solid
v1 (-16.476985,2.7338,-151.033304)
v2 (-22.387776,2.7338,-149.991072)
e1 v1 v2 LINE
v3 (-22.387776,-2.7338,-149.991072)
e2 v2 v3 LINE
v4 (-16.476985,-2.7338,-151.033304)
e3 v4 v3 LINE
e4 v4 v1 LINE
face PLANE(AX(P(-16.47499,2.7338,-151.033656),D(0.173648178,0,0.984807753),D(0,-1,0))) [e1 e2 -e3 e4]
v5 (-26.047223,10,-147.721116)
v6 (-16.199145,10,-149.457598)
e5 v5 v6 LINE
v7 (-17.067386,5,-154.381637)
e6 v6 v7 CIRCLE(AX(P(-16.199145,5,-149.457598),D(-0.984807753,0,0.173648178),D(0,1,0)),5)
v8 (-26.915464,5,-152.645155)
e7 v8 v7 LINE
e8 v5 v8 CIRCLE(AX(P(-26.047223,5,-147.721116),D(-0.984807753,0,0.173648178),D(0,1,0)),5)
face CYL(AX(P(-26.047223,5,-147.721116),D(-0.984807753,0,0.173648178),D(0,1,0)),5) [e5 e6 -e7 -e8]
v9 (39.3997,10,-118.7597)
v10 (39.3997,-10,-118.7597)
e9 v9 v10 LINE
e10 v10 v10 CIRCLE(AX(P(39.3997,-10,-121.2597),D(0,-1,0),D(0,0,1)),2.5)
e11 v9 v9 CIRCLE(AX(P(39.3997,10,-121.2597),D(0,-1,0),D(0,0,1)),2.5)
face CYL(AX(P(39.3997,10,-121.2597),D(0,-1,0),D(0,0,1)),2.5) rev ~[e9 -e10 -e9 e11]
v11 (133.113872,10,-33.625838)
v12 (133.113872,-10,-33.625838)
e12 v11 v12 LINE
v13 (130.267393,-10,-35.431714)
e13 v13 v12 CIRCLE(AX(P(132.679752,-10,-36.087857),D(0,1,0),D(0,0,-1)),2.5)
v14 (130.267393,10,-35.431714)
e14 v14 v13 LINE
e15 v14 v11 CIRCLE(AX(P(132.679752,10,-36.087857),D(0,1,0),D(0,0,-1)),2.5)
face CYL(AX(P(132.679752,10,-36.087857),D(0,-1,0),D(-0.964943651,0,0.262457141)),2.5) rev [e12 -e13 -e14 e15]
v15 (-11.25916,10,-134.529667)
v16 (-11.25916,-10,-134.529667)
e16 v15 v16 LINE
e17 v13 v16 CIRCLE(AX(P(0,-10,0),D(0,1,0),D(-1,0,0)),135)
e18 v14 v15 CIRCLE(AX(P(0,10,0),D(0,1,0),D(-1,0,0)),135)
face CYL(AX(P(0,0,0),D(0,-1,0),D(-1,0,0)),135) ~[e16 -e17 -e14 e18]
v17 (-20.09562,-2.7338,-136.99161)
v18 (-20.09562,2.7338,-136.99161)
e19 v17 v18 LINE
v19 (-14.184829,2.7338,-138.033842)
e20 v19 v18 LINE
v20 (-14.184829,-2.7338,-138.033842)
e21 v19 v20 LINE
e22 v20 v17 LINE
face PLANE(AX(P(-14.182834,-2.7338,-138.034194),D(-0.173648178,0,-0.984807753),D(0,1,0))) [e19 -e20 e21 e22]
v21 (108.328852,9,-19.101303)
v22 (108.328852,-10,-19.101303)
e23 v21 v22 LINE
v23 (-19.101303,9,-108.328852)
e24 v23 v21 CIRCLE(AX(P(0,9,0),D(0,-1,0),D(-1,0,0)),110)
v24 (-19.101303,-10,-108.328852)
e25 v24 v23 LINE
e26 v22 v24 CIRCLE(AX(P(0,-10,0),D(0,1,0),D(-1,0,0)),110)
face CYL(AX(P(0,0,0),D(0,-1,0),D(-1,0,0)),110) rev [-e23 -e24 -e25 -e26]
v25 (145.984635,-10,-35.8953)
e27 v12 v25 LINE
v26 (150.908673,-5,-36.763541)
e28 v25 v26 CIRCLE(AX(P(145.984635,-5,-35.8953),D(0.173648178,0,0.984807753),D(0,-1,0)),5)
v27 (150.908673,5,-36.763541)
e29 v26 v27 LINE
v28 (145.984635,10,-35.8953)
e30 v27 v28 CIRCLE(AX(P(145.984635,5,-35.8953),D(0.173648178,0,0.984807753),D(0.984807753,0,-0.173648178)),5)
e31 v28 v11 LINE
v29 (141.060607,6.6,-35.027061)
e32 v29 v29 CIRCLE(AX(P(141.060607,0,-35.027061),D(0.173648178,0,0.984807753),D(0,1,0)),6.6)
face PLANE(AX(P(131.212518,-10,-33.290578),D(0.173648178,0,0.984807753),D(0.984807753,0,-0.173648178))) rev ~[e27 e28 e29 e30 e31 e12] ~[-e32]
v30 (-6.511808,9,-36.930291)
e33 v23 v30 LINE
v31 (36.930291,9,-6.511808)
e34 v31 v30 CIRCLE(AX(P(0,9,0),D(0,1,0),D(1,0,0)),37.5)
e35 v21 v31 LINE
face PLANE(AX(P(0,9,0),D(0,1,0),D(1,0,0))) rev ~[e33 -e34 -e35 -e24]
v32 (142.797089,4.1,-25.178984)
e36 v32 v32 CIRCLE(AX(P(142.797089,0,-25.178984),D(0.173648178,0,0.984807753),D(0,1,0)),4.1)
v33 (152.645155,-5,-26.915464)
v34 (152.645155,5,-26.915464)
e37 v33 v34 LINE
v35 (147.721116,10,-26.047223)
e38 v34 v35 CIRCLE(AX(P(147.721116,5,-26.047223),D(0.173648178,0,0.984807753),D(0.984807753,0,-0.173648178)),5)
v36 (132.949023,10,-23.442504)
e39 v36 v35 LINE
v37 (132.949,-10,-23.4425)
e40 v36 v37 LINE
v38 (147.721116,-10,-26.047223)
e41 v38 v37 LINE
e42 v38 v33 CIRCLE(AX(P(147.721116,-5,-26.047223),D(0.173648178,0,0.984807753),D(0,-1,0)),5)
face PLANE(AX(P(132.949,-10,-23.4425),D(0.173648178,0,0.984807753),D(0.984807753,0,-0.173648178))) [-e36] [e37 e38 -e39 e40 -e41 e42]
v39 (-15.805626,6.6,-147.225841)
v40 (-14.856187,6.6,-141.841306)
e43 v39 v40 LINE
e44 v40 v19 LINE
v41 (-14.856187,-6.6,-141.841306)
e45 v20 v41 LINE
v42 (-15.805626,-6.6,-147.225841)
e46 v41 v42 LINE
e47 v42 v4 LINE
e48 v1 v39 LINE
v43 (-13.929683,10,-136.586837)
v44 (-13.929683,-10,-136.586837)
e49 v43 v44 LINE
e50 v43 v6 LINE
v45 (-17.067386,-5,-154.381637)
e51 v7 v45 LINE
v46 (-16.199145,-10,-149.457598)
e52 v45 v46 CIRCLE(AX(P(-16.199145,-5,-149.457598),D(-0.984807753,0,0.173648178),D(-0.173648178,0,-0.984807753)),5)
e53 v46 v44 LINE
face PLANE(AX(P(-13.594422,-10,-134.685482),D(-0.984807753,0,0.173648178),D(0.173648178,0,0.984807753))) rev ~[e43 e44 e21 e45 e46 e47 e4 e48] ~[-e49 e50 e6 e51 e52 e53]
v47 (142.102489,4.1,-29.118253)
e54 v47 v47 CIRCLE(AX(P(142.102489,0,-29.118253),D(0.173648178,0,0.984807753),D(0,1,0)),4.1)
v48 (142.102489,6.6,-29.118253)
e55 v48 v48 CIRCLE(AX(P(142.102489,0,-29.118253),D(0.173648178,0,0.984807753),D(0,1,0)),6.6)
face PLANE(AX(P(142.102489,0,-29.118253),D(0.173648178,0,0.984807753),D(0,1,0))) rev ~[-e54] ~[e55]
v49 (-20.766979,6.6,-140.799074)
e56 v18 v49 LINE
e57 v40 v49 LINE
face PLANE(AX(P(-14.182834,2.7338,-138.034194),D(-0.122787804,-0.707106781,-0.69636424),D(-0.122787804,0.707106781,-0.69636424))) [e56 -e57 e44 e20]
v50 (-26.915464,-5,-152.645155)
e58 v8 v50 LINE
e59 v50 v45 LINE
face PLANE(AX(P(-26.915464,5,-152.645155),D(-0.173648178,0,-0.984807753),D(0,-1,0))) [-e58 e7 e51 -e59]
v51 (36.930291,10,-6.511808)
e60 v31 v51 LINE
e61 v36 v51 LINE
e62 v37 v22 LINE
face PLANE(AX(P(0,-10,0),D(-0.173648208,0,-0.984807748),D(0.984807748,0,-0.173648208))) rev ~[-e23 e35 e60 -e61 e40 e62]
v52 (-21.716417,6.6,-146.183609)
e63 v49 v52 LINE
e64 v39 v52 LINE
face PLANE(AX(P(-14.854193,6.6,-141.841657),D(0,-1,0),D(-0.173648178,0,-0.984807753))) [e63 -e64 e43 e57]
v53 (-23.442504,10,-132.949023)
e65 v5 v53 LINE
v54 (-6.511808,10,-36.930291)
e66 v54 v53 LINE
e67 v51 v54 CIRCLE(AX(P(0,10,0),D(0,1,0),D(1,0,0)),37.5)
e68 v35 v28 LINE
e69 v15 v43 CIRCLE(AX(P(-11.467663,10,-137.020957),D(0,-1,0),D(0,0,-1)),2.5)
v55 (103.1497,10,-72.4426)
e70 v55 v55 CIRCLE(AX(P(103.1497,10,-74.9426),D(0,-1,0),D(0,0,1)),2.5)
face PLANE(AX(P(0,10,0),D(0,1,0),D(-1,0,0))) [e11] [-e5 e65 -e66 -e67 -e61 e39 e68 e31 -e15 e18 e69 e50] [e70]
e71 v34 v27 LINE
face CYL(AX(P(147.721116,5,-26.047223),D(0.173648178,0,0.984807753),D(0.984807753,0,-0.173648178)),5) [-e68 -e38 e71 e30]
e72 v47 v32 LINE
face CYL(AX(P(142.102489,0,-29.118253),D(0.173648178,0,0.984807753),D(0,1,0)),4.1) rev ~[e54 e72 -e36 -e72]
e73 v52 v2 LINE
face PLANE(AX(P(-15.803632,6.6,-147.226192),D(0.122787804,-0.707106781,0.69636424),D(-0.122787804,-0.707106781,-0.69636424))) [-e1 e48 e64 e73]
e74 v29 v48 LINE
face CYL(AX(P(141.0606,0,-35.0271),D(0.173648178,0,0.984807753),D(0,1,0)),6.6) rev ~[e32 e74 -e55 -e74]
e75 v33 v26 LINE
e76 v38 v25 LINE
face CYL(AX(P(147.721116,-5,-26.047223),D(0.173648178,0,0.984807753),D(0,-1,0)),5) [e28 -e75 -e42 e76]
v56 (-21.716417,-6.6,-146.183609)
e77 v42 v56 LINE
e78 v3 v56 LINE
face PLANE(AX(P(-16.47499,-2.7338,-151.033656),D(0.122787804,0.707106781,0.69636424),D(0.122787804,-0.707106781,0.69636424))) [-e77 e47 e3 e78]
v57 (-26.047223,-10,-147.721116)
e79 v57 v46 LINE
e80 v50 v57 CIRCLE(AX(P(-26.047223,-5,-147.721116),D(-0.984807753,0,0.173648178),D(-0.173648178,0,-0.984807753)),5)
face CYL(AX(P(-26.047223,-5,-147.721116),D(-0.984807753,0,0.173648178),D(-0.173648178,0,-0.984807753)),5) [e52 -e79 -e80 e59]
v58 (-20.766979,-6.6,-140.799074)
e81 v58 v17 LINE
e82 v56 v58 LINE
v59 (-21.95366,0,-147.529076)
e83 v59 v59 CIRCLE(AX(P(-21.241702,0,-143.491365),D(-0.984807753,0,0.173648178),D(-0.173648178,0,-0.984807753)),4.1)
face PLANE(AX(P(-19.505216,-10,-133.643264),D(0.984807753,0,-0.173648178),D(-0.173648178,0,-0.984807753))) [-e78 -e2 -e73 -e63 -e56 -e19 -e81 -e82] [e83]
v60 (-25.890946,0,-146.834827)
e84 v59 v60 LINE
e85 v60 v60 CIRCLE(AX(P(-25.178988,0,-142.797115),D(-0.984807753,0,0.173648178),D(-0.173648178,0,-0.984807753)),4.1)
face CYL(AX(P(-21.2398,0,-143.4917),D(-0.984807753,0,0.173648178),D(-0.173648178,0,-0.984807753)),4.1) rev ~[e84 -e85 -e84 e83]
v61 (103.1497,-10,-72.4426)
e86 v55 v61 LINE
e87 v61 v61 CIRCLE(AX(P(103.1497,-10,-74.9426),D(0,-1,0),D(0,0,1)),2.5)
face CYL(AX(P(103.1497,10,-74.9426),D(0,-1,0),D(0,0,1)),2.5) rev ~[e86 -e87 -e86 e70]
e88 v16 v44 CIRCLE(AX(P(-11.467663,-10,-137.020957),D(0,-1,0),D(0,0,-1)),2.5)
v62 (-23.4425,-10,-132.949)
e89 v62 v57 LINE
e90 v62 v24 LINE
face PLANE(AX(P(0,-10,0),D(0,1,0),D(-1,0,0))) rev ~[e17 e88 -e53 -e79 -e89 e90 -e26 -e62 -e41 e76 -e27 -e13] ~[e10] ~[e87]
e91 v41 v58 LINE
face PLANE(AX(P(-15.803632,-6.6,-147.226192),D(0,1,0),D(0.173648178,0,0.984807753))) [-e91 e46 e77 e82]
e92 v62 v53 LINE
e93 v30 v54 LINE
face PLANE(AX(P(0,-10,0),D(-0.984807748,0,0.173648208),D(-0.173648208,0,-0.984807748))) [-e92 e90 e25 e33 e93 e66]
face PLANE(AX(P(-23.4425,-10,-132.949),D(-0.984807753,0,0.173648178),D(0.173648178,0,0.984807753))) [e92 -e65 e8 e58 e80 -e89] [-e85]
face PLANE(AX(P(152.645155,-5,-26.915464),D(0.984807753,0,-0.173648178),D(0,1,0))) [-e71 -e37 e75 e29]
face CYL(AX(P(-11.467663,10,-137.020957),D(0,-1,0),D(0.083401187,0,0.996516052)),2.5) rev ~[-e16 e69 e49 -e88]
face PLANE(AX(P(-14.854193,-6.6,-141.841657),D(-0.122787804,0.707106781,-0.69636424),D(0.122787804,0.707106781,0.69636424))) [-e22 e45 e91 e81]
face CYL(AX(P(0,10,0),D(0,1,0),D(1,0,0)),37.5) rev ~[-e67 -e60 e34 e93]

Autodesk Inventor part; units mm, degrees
ref_plane "YZ Plane" through (0, 0, 0) normal (1, 0, 0) x (0, 1, 0)
ref_plane "XZ Plane" through (0, 0, 0) normal (0, 1, 0) x (-1, 0, 0)
ref_plane "XY Plane" through (0, 0, 0) normal (0, 0, 1) x (1, 0, 0)
sketch "Sketch1" plane through (0, 0, 0) normal (0, 1, 0) x (-1, 0, 0)
  circle A0 centre (0, 0) radius 135
  circle A1 centre (0, 0) radius 110
  dimension "d0" = 270
  dimension "d1" = 220
extrude "Extrusion1" add sketch "Sketch1" along normal mid plane 20
sketch "Sketch2" plane through (0, 10, 0) normal (0, 1, 0) x (1, 0, 0)
  circle A0 centre (0, 0) radius 37.5
  circle A1 centre (0, 0) radius 135
  dimension "d4" = 75
  dimension "d20" = 270
extrude "Extrusion2" add sketch "Sketch2" against normal blind 1
sketch "Sketch3" plane through (0, 10, 0) normal (0, 1, 0) x (1, 0, 0)
  circle A0 centre (0, 0) radius 127.5
  circle A1 centre (127.5, 0) radius 2.5
  circle A2 centre (103.1497, 74.9426) radius 2.5
  circle A3 centre (39.3997, 121.2597) radius 2.5
  circle A4 centre (-39.3997, 121.2597) radius 2.5
  circle A5 centre (-103.1497, 74.9426) radius 2.5
  circle A6 centre (-127.5, 0) radius 2.5
  circle A7 centre (-103.1497, -74.9426) radius 2.5
  circle A8 centre (-39.3997, -121.2597) radius 2.5
  circle A9 centre (39.3997, -121.2597) radius 2.5
  circle A10 centre (103.1497, -74.9426) radius 2.5
  dimension "d7" = 255
  dimension "d8" = 5
  dimension "d11" = 360
hole "Hole1" at (127.5, 10, 0) at (103.1497, 10, 74.9426) at (39.3997, 10, 121.2597) at (-39.3997, 10, 121.2597) at (-103.1497, 10, 74.9426) at (-127.5, 10, 0) at (-103.1497, 10, -74.9426) at (-39.3997, 10, -121.2597) at (39.3997, 10, -121.2597) at (103.1497, 10, -74.9426) direction (0, -1, 0) diameter 5 end through all
sketch "Sketch4" plane through (0, -10, 0) normal (0, -1, 0) x (1, 0, 0)
  circle A0 centre (0, 0) radius 135
  line L0 (0, 0) -> (132.949, -23.4425)
  line L1 (0, 0) -> (135, 0) construction
  line L2 (0, 0) -> (-23.4425, -132.949)
  circle A1 centre (0, 0) radius 135 projected
  line L3 (0, 0) -> (135, 0) construction
  line L4 (0, 0) -> (-132.949, 23.4425)
  dimension "d21" = 135
  dimension "d22" = 10
  dimension "d23" = 100
extrude "Extrusion3" cut sketch "Sketch4" against normal through all contours A0 L0 L4 | L4 L2 A0
sketch "Sketch5" plane through (-23.4425, -10, -132.949) normal (-0.9848, 0, 0.1736) x (0.1736, 0, 0.9848)
  line L0 (135, 20) -> (0, 20) projected
  line L1 (2.5, 20) -> (-15, 20)
  line L2 (-20, 15) -> (-20, 5)
  line L3 (-15, 0) -> (2.5, 0)
  line L4 (2.5, 0) -> (2.5, 20)
  line L5 (0, 0) -> (0, 20) projected
  arc A0 (-20, 5) -> (-15, 0) centre (-15, 5) ccw
  arc A1 (-15, 20) -> (-20, 15) centre (-15, 15) ccw
  point P0 (135, 10)
  point P1 (-20, 0)
  point P2 (-20, 20)
  point P3 (0, 20)
  dimension "d26" = 22.5
  dimension "d27" = 20
  dimension "d28" = 20
  dimension "d29" = 5
extrude "Extrusion4" add sketch "Sketch5" against normal blind 10
fillet "Fillet1" radius 2.5 1 edges at (-13.53, 0, -134.3203)
sketch "Sketch6" plane through (132.949, -10, -23.4425) normal (0.1736, 0, 0.9848) x (0.9848, 0, -0.1736)
  line L0 (-122.7273, 0) -> (0, 0) projected
  line L1 (-2.5, 0) -> (15, 0)
  line L2 (20, 5) -> (20, 15)
  line L3 (15, 20) -> (-2.5, 20)
  line L4 (-2.5, 20) -> (-2.5, 0)
  line L5 (0, 20) -> (0, 0) projected
  arc A0 (20, 15) -> (15, 20) centre (15, 15) ccw
  arc A1 (15, 0) -> (20, 5) centre (15, 5) ccw
  point P0 (-135, 10)
  point P1 (20, 20)
  point P2 (20, 0)
  point P3 (0, 0)
  dimension "d33" = 22.5
  dimension "d34" = 20
  dimension "d35" = 20
  dimension "d36" = 5
extrude "Extrusion5" add sketch "Sketch6" against normal blind 10
fillet "Fillet2" radius 2.5 1 edges at (130.8473, 0, -33.2262)
sketch "Sketch7" plane through (-13.5944, -10, -134.6855) normal (0.9848, 0, -0.1736) x (-0.1736, 0, -0.9848)
  line L0 (16.6, 12.7338) -> (16.6, 7.2662)
  line L1 (16.6, 7.2662) -> (12.7338, 3.4)
  line L2 (12.7338, 3.4) -> (7.2662, 3.4)
  line L3 (7.2662, 3.4) -> (3.4, 7.2662)
  line L4 (3.4, 7.2662) -> (3.4, 12.7338)
  line L5 (3.4, 12.7338) -> (7.2662, 16.6)
  line L6 (7.2662, 16.6) -> (12.7338, 16.6)
  line L7 (12.7338, 16.6) -> (16.6, 12.7338)
  line L8 (20, 5) -> (20, 15) projected
  line L9 (1.9306, 0) -> (15, 0) projected
  point P0 (-135, 10)
  point P1 (10, 10)
  point P2 (20, 10)
  dimension "d40" = 10
  dimension "d41" = 10
  dimension "d42" = 13.2
extrude "Extrusion6" cut sketch "Sketch7" against normal blind 6
sketch "Sketch8" plane through (-19.5033, -10, -133.6436) normal (0.9848, 0, -0.1736) x (-0.1736, 0, -0.9848)
  line L0 (1.9306, 0) -> (15, 0) projected
  line L1 (20, 5) -> (20, 15) projected
  point P0 (-135, 10)
  point P1 (10, 10)
  dimension "d45" = 10
  dimension "d46" = 10
hole "Hole2" at (-21.2398, 0, -143.4917) direction (-0.9848, 0, 0.1736) diameter 8.2 end through all
sketch "Sketch9" plane through (131.2126, -10, -33.2906) normal (-0.1736, 0, -0.9848) x (-0.9848, 0, 0.1736)
  line L0 (-20, 15) -> (-20, 5) projected
  line L1 (-1.9306, 20) -> (-15, 20) projected
  point P0 (135, 10)
  point P1 (-10, 10)
  dimension "d54" = 10
  dimension "d55" = 10
hole "Hole3" at (141.0606, 0, -35.0271) direction (0.1736, 0, 0.9848) diameter 8.2 end through all counterbore diameter 13.2 counterbore depth 6
properties part number "Cylinder Spacer 25mm_Q2+4"
